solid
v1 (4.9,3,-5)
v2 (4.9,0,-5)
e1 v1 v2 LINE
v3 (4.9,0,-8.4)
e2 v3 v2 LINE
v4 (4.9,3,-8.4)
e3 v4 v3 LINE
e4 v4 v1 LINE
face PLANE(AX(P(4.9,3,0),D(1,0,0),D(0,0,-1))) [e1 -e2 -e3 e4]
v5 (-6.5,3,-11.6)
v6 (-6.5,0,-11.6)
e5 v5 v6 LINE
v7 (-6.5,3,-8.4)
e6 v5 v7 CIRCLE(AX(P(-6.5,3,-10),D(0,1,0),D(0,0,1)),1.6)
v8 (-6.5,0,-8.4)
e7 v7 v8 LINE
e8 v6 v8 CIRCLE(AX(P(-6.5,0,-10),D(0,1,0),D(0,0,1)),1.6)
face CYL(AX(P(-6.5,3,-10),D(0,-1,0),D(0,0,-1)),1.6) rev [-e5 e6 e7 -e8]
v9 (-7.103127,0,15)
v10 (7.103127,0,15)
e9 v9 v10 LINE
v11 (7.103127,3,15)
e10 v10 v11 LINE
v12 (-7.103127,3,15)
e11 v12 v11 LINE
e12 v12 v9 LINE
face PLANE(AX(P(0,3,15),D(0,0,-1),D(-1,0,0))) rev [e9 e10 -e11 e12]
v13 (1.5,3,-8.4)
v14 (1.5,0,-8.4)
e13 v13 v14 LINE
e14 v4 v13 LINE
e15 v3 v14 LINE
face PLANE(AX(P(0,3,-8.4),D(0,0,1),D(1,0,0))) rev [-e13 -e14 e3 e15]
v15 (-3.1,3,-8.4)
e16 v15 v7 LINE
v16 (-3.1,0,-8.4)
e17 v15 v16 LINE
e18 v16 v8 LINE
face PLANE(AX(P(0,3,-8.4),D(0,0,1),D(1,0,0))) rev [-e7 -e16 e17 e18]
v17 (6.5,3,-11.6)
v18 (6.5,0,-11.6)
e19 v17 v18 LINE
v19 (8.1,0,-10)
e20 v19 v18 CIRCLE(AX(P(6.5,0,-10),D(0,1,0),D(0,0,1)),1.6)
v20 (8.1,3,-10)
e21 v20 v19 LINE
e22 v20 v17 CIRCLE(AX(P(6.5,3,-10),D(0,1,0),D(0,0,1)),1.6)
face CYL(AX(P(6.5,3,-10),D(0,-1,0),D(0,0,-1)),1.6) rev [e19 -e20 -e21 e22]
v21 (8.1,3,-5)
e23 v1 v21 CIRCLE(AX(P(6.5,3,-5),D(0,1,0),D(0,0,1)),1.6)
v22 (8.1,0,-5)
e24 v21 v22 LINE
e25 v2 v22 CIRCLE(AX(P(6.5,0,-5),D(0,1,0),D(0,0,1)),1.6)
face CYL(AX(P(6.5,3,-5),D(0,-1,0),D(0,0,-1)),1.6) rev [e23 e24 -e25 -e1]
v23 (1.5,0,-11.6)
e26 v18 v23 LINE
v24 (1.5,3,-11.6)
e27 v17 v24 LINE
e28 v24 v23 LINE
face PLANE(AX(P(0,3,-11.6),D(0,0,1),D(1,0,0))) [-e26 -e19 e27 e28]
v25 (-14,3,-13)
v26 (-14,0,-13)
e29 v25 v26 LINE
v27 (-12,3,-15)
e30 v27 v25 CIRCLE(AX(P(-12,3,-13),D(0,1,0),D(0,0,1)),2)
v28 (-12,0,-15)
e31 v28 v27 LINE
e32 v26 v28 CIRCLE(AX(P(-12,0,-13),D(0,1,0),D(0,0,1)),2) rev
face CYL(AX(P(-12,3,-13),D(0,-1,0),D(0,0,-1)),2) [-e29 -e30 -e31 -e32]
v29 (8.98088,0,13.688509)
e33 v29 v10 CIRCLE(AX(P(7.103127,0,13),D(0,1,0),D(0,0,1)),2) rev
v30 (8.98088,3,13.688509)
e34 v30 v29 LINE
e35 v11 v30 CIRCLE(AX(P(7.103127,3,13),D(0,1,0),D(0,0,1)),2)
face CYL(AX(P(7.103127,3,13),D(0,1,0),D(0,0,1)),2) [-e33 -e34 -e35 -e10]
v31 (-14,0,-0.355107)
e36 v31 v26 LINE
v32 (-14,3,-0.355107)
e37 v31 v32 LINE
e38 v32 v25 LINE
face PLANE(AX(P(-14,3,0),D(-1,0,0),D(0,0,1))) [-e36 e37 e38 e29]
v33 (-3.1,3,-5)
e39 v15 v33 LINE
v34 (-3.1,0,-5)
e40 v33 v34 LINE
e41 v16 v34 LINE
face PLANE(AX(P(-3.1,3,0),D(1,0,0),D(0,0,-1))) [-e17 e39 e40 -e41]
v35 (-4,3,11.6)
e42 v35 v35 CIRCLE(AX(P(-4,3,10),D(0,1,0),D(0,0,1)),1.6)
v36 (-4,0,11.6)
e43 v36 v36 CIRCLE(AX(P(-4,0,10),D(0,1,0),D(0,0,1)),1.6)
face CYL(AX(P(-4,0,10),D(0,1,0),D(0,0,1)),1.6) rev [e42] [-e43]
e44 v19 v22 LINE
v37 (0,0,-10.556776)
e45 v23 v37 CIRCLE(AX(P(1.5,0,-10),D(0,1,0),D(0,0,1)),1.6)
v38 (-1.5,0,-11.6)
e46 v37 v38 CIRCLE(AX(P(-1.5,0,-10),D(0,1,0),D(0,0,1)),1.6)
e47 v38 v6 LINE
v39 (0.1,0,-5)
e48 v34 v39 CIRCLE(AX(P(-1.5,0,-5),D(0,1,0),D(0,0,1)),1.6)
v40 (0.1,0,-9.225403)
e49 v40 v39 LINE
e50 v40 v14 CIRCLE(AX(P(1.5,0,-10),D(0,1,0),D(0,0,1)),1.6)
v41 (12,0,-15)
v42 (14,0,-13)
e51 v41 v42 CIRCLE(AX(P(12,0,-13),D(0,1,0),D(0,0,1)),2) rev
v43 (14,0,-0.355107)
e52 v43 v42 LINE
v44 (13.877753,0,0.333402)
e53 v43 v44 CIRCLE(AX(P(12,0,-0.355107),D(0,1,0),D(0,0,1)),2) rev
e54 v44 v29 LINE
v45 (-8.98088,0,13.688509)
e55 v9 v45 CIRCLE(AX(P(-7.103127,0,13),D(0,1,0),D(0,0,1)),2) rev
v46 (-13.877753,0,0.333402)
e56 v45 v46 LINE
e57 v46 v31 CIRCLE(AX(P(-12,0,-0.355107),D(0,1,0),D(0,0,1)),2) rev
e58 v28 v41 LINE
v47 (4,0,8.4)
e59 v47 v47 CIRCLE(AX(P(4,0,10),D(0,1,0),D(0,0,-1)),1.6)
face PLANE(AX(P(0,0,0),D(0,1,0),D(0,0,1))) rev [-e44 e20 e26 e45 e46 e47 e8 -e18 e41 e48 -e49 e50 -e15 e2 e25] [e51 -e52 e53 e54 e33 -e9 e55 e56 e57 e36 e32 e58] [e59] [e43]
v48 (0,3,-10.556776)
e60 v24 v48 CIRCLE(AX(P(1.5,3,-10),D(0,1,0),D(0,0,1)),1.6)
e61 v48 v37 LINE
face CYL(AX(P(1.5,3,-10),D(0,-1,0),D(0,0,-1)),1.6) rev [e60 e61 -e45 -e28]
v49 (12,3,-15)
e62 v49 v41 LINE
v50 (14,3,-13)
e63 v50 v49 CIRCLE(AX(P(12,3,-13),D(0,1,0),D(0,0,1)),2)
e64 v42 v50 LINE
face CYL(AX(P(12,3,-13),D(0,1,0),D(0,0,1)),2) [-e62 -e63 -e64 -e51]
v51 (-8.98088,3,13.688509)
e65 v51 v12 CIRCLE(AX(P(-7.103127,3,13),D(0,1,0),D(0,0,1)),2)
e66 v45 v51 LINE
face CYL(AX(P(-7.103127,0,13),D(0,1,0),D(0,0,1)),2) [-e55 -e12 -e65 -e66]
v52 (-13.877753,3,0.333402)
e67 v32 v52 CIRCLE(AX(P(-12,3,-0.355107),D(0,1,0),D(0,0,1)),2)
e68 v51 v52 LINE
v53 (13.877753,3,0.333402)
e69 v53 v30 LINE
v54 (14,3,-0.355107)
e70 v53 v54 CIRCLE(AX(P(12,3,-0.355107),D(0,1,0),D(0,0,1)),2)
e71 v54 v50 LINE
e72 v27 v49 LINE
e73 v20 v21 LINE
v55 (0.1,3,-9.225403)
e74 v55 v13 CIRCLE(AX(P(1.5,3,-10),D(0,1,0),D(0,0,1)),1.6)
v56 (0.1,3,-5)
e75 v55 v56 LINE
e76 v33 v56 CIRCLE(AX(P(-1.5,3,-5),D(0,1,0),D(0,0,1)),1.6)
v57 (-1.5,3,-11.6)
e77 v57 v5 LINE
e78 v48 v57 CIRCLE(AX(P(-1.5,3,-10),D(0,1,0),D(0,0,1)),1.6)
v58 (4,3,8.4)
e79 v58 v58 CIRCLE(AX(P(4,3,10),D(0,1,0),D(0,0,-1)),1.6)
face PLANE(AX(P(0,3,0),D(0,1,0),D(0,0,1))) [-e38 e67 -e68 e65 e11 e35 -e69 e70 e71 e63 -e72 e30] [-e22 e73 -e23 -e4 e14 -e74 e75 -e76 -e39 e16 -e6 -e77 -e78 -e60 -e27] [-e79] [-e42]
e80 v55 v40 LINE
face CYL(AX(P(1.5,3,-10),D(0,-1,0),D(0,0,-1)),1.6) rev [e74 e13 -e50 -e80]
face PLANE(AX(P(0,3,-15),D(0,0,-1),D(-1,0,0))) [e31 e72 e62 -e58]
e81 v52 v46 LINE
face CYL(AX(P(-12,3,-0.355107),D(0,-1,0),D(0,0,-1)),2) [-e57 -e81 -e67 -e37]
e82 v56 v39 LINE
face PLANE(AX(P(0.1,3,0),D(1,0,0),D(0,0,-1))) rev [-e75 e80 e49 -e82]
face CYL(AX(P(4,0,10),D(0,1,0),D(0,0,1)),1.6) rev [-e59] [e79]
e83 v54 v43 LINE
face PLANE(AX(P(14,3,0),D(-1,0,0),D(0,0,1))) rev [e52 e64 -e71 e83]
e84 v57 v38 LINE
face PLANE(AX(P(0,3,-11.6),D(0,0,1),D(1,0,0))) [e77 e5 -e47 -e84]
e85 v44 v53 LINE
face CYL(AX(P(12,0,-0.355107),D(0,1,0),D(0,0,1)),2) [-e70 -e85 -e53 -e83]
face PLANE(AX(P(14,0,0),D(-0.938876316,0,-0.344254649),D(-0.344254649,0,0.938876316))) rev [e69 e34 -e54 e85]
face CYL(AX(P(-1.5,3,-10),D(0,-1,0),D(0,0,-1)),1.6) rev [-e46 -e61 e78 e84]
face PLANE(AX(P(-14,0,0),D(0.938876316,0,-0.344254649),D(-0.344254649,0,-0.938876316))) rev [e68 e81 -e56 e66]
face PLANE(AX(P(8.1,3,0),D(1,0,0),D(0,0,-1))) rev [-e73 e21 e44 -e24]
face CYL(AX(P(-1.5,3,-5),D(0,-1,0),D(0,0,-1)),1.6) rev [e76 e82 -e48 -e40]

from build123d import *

# Parameters (mm, degrees)
SKETCH1_W           = 28
SKETCH1_H           = 30
BOSS_EXTRUDE1_DEPTH = 3
SKETCH2_R           = 1.6
CUT_EXTRUDE1_DEPTH  = 4
FILLET1_R           = 2


with BuildPart() as part:
    # Sketch1 → Boss-Extrude1 (new body)
    with BuildSketch(Plane(origin=(0, 0, 0), x_dir=(1, 0, 0), z_dir=(0, 1, 0))):
        Rectangle(SKETCH1_W, SKETCH1_H)
        with BuildLine():
            ThreePointArc((1.5, 8.4), (0.687397597, 8.621712173), (0.1, 9.225403331))
            Line((0.1, 9.225403331), (0.1, 5))
            ThreePointArc((0.1, 5), (-1.5, 3.4), (-3.1, 5))
            Line((-3.1, 5), (-3.1, 8.4))
            Line((-3.1, 8.4), (-6.5, 8.4))
            ThreePointArc((-6.5, 8.4), (-8.1, 10), (-6.5, 11.6))
            Line((-6.5, 11.6), (-1.5, 11.6))
            ThreePointArc((-1.5, 11.6), (-0.586447127, 11.313552873), (0, 10.556776436))
            ThreePointArc((0, 10.556776436), (0.586447127, 11.313552873), (1.5, 11.6))
            Line((1.5, 11.6), (6.5, 11.6))
            ThreePointArc((6.5, 11.6), (7.63137085, 11.13137085), (8.1, 10))
            Line((8.1, 10), (8.1, 5))
            ThreePointArc((8.1, 5), (6.5, 3.4), (4.9, 5))
            Line((4.9, 5), (4.9, 8.4))
            Line((4.9, 8.4), (1.5, 8.4))
        make_face(mode=Mode.SUBTRACT)
    extrude(amount=BOSS_EXTRUDE1_DEPTH)

    # Sketch2 → Cut-Extrude1 (cut, through all)
    with BuildSketch(Plane(origin=(0, 3, 0), x_dir=(1, 0, 0), z_dir=(0, 1, 0))):
        with Locations((-4, -10)):
            Circle(SKETCH2_R)
        with Locations((4, -10)):
            Circle(SKETCH2_R)
        Polygon((14, 0), (8.5, -15), (14, -15), align=None)
        Polygon((-8.5, -15), (-14, -15), (-14, 0), align=None)
    extrude(amount=-CUT_EXTRUDE1_DEPTH, mode=Mode.SUBTRACT)

    # Fillet1
    fillet1_edges = [part.edges().sort_by_distance(p)[0] for p in [
        (-14, 1.5, -15),
        (14, 1.5, -15),
        (14, 1.5, 0),
        (8.5, 1.5, 15),
        (-14, 1.5, 0),
        (-8.5, 1.5, 15),
    ]]
    fillet(fillet1_edges, radius=FILLET1_R)


solid = part.part
